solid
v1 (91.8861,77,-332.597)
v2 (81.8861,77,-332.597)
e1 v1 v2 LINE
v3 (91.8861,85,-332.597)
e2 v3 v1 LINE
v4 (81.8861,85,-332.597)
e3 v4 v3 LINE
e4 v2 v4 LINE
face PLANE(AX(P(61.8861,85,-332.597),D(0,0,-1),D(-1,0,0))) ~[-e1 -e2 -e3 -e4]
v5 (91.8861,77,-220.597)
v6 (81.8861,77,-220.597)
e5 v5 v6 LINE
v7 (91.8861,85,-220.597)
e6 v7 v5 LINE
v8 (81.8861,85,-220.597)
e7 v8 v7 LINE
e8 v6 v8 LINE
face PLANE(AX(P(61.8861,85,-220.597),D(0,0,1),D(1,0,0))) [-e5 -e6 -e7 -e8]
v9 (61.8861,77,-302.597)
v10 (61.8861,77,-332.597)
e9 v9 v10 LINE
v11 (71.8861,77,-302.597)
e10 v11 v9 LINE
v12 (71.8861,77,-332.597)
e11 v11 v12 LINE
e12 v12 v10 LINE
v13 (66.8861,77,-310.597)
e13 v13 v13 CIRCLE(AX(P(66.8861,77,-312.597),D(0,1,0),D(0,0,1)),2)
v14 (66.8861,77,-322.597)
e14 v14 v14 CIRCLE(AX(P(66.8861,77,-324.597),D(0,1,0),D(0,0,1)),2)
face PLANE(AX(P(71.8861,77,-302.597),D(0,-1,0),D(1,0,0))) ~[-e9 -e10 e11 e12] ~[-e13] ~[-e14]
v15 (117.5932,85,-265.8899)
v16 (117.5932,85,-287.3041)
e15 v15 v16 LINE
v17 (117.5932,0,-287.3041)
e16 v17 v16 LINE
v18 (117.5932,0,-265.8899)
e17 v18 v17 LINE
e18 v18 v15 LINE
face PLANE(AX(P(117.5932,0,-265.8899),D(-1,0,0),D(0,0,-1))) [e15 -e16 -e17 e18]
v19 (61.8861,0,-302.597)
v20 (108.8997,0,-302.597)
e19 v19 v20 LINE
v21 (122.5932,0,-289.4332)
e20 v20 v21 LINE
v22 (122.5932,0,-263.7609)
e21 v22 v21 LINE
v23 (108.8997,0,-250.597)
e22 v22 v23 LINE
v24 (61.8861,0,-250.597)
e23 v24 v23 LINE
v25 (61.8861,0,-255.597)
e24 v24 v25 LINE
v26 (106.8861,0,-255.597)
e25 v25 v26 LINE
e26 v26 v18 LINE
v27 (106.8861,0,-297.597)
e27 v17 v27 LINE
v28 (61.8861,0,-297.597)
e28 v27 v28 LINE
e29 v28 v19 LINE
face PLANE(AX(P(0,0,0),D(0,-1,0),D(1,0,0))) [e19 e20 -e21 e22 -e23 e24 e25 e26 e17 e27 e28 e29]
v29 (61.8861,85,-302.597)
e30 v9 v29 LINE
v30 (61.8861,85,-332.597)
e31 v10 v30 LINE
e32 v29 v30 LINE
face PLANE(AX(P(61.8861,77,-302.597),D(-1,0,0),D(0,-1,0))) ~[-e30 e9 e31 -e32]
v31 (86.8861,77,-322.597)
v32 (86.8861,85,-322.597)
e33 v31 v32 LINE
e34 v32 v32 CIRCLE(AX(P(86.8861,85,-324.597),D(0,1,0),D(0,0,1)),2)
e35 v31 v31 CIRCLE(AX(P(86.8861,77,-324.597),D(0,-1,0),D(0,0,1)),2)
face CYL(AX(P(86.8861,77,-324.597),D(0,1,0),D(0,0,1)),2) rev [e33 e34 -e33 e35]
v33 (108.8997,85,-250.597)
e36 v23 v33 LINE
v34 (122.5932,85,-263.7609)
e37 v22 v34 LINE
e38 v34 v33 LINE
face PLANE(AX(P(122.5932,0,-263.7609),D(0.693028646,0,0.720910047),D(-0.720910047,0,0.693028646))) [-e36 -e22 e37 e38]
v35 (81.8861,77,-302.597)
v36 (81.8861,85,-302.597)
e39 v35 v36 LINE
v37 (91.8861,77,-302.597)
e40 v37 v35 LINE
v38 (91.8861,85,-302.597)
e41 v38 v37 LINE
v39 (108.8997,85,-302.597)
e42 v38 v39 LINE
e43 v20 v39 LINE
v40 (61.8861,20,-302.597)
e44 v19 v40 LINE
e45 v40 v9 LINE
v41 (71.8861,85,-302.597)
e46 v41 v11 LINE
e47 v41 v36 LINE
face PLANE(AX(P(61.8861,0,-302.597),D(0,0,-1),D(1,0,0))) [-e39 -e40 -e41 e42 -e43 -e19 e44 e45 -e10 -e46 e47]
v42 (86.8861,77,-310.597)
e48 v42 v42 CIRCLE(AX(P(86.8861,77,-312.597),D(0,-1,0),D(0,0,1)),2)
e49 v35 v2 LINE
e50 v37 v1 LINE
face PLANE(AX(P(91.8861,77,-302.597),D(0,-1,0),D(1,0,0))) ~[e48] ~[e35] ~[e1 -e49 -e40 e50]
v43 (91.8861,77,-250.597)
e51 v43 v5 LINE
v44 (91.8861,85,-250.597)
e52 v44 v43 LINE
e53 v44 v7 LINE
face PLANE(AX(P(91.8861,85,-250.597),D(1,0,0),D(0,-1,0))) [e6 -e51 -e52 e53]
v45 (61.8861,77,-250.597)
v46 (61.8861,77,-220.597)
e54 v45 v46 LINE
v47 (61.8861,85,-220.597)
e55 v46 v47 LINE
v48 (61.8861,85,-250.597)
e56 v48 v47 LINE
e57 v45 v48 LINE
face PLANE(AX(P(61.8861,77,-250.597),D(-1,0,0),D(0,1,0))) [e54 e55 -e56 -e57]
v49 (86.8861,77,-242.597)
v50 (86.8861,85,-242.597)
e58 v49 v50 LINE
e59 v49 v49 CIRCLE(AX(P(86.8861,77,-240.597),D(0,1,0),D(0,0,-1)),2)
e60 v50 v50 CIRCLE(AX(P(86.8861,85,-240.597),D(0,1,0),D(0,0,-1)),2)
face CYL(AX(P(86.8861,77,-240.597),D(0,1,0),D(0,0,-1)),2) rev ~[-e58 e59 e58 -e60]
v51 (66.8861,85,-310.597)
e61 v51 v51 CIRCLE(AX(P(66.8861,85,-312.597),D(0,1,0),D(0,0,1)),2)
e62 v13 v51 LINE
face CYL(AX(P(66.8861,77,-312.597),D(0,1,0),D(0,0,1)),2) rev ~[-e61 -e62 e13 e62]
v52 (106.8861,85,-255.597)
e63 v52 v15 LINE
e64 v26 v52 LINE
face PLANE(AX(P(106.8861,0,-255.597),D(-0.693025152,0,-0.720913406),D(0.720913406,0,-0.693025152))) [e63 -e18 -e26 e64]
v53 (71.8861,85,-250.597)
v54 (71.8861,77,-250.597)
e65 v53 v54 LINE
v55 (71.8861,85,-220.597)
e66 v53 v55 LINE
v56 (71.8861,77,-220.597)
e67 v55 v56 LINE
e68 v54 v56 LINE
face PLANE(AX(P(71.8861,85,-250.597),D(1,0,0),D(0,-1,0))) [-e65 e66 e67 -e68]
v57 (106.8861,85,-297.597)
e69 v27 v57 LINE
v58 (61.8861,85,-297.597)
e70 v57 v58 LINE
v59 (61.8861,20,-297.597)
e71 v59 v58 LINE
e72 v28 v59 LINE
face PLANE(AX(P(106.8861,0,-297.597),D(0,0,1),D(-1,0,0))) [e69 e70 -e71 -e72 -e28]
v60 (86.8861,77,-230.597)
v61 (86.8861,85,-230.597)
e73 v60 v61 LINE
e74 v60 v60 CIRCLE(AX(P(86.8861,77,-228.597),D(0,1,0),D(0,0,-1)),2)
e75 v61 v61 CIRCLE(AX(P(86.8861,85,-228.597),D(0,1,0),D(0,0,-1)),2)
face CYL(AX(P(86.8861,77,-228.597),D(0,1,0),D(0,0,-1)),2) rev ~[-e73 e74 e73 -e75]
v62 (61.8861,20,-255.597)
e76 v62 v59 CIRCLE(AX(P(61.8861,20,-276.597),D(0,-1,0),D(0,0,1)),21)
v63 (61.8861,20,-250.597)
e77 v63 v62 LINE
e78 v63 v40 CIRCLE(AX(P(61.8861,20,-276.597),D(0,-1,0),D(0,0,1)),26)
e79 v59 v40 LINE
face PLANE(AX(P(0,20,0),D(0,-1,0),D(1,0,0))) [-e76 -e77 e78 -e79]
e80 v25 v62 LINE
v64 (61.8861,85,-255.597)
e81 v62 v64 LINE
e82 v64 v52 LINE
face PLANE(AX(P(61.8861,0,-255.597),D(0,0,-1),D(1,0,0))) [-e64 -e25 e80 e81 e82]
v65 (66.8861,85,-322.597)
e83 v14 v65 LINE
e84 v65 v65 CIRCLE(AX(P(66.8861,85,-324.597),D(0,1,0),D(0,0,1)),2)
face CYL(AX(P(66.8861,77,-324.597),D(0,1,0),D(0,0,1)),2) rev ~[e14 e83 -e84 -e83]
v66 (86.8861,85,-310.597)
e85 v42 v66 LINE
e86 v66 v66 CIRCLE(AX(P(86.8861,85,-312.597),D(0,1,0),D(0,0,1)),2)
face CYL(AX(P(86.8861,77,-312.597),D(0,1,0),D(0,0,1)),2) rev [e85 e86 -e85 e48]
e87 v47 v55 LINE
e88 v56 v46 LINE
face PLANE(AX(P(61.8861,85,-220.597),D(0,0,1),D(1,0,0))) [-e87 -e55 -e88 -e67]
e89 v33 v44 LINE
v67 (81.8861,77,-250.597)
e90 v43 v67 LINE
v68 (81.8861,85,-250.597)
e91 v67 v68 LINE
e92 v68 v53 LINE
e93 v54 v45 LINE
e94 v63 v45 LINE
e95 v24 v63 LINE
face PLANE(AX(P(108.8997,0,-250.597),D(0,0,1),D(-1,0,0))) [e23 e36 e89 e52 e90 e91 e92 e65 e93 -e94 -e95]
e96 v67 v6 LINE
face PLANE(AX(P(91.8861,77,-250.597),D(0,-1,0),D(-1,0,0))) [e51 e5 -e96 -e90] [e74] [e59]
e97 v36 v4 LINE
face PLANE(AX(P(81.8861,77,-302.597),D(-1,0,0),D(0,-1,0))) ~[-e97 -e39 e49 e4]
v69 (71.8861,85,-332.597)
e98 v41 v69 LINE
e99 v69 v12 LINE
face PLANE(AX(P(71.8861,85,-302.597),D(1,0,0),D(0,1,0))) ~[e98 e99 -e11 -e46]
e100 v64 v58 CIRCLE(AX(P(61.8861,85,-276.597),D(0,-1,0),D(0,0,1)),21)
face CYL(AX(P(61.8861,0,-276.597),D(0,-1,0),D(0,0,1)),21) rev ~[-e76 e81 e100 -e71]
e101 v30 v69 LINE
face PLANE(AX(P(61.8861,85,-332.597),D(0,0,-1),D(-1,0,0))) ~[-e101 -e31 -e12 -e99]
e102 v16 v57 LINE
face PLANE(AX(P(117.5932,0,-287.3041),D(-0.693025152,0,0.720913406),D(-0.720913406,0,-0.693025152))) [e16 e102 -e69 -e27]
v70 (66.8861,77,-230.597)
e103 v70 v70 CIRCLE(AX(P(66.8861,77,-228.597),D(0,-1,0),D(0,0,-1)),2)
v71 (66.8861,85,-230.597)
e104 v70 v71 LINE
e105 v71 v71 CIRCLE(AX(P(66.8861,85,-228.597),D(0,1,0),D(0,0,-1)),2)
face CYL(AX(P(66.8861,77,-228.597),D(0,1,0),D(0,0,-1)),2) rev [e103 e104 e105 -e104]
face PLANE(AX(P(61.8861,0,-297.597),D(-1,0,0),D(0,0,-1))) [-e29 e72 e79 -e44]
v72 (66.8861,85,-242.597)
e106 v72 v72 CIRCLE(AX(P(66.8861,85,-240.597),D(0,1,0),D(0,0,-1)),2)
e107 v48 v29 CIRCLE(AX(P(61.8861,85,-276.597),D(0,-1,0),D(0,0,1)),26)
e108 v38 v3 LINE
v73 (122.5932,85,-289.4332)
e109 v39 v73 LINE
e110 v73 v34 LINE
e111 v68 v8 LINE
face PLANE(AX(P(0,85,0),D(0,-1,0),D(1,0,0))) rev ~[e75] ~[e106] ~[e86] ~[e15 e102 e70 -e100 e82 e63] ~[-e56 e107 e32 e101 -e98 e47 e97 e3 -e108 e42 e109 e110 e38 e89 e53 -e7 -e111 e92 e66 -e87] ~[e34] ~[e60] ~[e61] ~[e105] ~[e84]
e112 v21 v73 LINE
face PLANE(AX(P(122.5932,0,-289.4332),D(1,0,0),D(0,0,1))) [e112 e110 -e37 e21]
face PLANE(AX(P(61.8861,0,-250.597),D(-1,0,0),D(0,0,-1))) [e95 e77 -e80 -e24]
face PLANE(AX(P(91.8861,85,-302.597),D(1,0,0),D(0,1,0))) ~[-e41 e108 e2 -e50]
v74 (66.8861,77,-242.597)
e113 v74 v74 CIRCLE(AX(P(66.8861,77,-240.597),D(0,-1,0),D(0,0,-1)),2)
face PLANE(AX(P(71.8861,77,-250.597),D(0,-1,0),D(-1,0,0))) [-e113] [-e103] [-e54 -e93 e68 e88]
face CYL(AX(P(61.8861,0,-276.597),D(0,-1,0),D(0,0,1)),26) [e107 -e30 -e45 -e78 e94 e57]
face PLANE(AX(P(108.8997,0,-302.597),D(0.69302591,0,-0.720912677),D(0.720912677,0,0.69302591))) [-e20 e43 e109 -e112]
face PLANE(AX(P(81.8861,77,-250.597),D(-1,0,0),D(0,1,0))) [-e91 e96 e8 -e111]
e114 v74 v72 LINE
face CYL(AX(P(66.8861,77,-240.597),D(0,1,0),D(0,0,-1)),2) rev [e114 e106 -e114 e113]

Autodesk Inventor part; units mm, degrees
ref_plane "YZ Plane" through (0, 0, 0) normal (1, 0, 0) x (0, 1, 0)
ref_plane "XZ Plane" through (0, 0, 0) normal (0, 1, 0) x (-1, 0, 0)
ref_plane "XY Plane" through (0, 0, 0) normal (0, 0, 1) x (1, 0, 0)
sketch "Esquisse1" plane through (0, 0, 0) normal (0, 1, 0) x (-1, 0, 0)
  line L0 (-61.8861, -256.597) -> (-116.8861, -256.597)
  line L1 (-116.8861, -256.597) -> (-116.8861, -296.597)
  line L2 (-116.8861, -296.597) -> (-61.8861, -296.597)
  arc A0 (-61.8861, -296.597) -> (-61.8861, -256.597) centre (-61.8861, -276.597) ccw
  dimension "d1" = 40
  dimension "d2" = 55
  dimension "d3" = 55
extrude "Extrusion1" add sketch "Esquisse1" along normal blind 10
sketch "Esquisse3" plane through (0, 0, 0) normal (0, -1, 0) x (1, 0, 0)
  line L0 (89.3861, -269.097) -> (104.3861, -269.097)
  line L1 (104.3861, -269.097) -> (104.3861, -284.097)
  line L2 (104.3861, -284.097) -> (89.3861, -284.097)
  line L3 (89.3861, -284.097) -> (89.3861, -269.097)
  line L4 (116.8861, -296.597) -> (61.8861, -296.597) projected
  line L5 (116.8861, -256.597) -> (116.8861, -296.597) projected
  point P0 (0, 0)
  dimension "d19" = 15
  dimension "d20" = 15
  dimension "d21" = 12.5
  dimension "d22" = 12.5
extrude "Extrusion3" add sketch "Esquisse3" along normal blind 15
chamfer "Chanfrein2" distance 4 angle 45 4 edges at (89.3861, -7.5, -284.097) (104.3861, -7.5, -284.097) (89.3861, -7.5, -269.097) (104.3861, -7.5, -269.097)
sketch "Esquisse4" plane through (0, 10, 0) normal (0, 1, 0) x (1, 0, 0)
  line L0 (116.8861, 296.597) -> (61.8861, 296.597) projected
  arc A0 (61.8861, 296.597) -> (61.8861, 256.597) centre (61.8861, 276.597) ccw projected
  circle A1 centre (61.8861, 276.597) radius 19
  point P0 (0, 0)
  dimension "d28" = 1
extrude "Extrusion4" add sketch "Esquisse4" along normal blind 73
chamfer "Chanfrein3" distance 10 angle 45 2 edges at (116.8861, 5, -256.597) (116.8861, 5, -296.597)
sketch "Esquisse5" plane through (0, 10, 0) normal (0, 1, 0) x (1, 0, 0)
  line L0 (61.8861, 256.597) -> (106.8861, 256.597) projected
  line L1 (106.8861, 296.597) -> (61.8861, 296.597) projected
  arc A0 (97.6044, 288.5312) -> (97.6044, 264.6628) centre (93.8861, 276.597) ccw
  circle A1 centre (61.8861, 276.597) radius 19 projected
  line L2 (116.8861, 266.597) -> (116.8861, 286.597) projected
  line L3 (116.8861, 267.597) -> (116.8861, 285.597)
  line L4 (116.8861, 267.597) -> (93.8861, 264.097)
  line L5 (116.8861, 285.597) -> (93.8861, 289.097)
  point P0 (0, 0)
  dimension "d34" = 25
  dimension "d35" = 32
  dimension "d36" = 1
  dimension "d37" = 1
extrude "Extrusion5" add sketch "Esquisse5" along normal blind 110 contours L5 L2 L4 A0
sketch "Esquisse6" plane through (0, 120, 0) normal (0, 1, 0) x (1, 0, 0)
  line L0 (116.8861, 267.597) -> (93.8861, 264.097) projected
  arc A0 (93.8861, 289.097) -> (93.8861, 264.097) centre (93.8861, 276.597) ccw projected
  line L1 (93.8861, 264.097) -> (93.8861, 264.097)
  circle A1 centre (93.8861, 276.597) radius 10
  point P0 (0, 0)
  dimension "d40" = 20
extrude "Extrusion6" add sketch "Esquisse6" along normal blind 22
ref_plane "Plan de construction1" through (61.8861, 0, -276.597) normal (0, 0, -1) x (-1, 0, 0)
sketch "Esquisse7" plane through (61.8861, 0, -276.597) normal (0, 0, -1) x (-1, 0, 0)
  point P0 (61.8861, 0)
sketch "Esquisse8" plane through (0, 0, 0) normal (0, -1, 0) x (1, 0, 0)
  point P0 (0, 0)
sketch "Esquisse9" plane through (0, 0, 0) normal (0, -1, 0) x (1, 0, 0)
  arc A0 (61.8861, -256.597) -> (61.8861, -296.597) centre (61.8861, -276.597) ccw projected
  line L0 (61.8861, -256.597) -> (106.8861, -256.597) projected
  line L1 (106.8861, -256.597) -> (116.8861, -266.597) projected
  line L2 (116.8861, -266.597) -> (116.8861, -286.597) projected
  line L3 (116.8861, -286.597) -> (106.8861, -296.597) projected
  line L4 (106.8861, -296.597) -> (61.8861, -296.597) projected
  line L5 (61.8861, -256.597) -> (106.8861, -256.597) projected
  line L6 (61.8861, -255.597) -> (106.8861, -255.597)
  line L7 (106.8861, -255.597) -> (117.5932, -265.8899)
  line L8 (117.5932, -265.8899) -> (117.5932, -287.3041)
  line L9 (117.5932, -287.3041) -> (106.8861, -297.597)
  line L10 (106.8861, -297.597) -> (61.8861, -297.597)
  arc A1 (61.8861, -255.597) -> (61.8861, -297.597) centre (61.8861, -276.597) ccw
  line L11 (108.8997, -250.597) -> (61.8861, -250.597)
  arc A2 (61.8861, -250.597) -> (61.8861, -302.597) centre (61.8861, -276.597) ccw
  line L12 (61.8861, -302.597) -> (108.8997, -302.597)
  line L13 (108.8997, -302.597) -> (122.5932, -289.4332)
  line L14 (122.5932, -289.4332) -> (122.5932, -263.7609)
  line L15 (122.5932, -263.7609) -> (108.8997, -250.597)
  point P0 (0, 0)
  dimension "d51" = 1
  dimension "d52" = 1
  dimension "d53" = 1
  dimension "d54" = 5
extrude "Extrusion7" add sketch "Esquisse9" against normal blind 85 contours L15 L14 L13 L12 A2 L11
sketch "Esquisse10" plane through (0, 0, 0) normal (0, -1, 0) x (1, 0, 0)
  line L0 (89.3861, -273.097) -> (89.3861, -280.097) projected
  line L1 (104.3861, -280.097) -> (104.3861, -273.097) projected
  line L2 (61.8861, -302.597) -> (108.8997, -302.597) projected
  line L3 (89.3861, -250.597) -> (89.3861, -263.7609)
  line L4 (89.3861, -302.597) -> (79.3861, -302.597)
  line L5 (79.3861, -302.597) -> (79.3861, -250.597)
  line L6 (122.5932, -263.7609) -> (89.3861, -263.7609)
  line L7 (89.3861, -268.7609) -> (122.5932, -268.7609)
  line L8 (122.5932, -289.4332) -> (89.3861, -289.4332)
  line L9 (89.3861, -284.4332) -> (122.5932, -284.4332)
  line L10 (89.3861, -289.4332) -> (89.3861, -302.597)
  line L11 (89.3861, -268.7609) -> (89.3861, -284.4332)
  line L12 (79.3861, -250.597) -> (89.3861, -250.597)
  line L13 (108.8997, -250.597) -> (61.8861, -250.597) projected
  line L14 (122.5932, -263.7609) -> (122.5932, -268.7609)
  line L15 (122.5932, -284.4332) -> (122.5932, -289.4332)
  point P0 (0, 0)
  dimension "d57" = 10
  dimension "d58" = 5
  dimension "d59" = 5
extrude "Extrusion8" add sketch "Esquisse10" along normal blind 15
sketch "Esquisse11" plane through (0, 85, 0) normal (0, 1, 0) x (1, 0, 0)
  line L0 (116.8861, 286.597) -> (114.0499, 289.4332) projected
  line L1 (116.8861, 286.597) -> (116.8861, 266.597)
  line L2 (61.8861, 256.597) -> (106.8861, 256.597) projected
  line L3 (106.8861, 256.597) -> (61.8861, 256.597)
  line L4 (114.0499, 289.4332) -> (106.8861, 296.597) projected
  line L5 (106.8861, 296.597) -> (61.8861, 296.597)
  line L6 (106.8861, 296.597) -> (61.8861, 296.597) projected
  line L7 (61.8861, 296.597) -> (106.8861, 296.597)
  line L8 (106.8861, 296.597) -> (116.8861, 286.597)
  arc A0 (61.8861, 296.597) -> (61.8861, 256.597) centre (61.8861, 276.597) ccw
  line L9 (114.0499, 263.7609) -> (116.8861, 266.597) projected
  line L10 (116.8861, 266.597) -> (106.8861, 256.597)
  point P0 (0, 0)
extrude "Extrusion9" cut sketch "Esquisse11" against normal blind 85 and the other way blind 42.5
sketch "Esquisse12" plane through (93.8861, 127.5, -276.597) normal (0, -1, 0) x (1, 0, 0)
  point P0 (-93.8861, 276.597)
sketch "Esquisse13" plane through (93.8861, 142, -276.597) normal (0, 1, 0) x (1, 0, 0)
  circle A0 centre (0, 0) radius 10.5
  point P0 (-93.8861, -276.597)
  dimension "d66" = 21
extrude "Extrusion10" cut sketch "Esquisse13" against normal blind 85
sketch "Esquisse14" plane through (0, -15, 0) normal (0, -1, 0) x (1, 0, 0)
  line L0 (89.3861, -284.4332) -> (89.3861, -280.097) projected
  line L1 (89.3861, -268.7609) -> (122.5932, -268.7609) projected
  line L2 (89.3861, -284.4332) -> (113.204, -284.4332)
  line L3 (113.204, -284.4332) -> (113.204, -268.7609)
  line L4 (113.204, -268.7609) -> (89.3861, -268.7609)
  line L5 (89.3861, -268.7609) -> (89.3861, -284.4332)
  point P0 (0, 0)
extrude "Extrusion11" cut sketch "Esquisse14" against normal blind 85
sketch "Esquisse17" plane through (61.8861, 85, -250.597) normal (0, 0, 1) x (1, 0, 0)
  line L0 (0, 0) -> (10, 0)
  line L1 (10, 0) -> (10, -8)
  line L2 (10, -8) -> (0, -8)
  line L3 (0, -8) -> (0, 0)
  line L4 (10, 0) -> (20, 0)
  line L5 (0, 0) -> (47.0135, 0) projected
  line L6 (20, 0) -> (30, 0)
  line L7 (30, 0) -> (30, -8)
  line L8 (30, -8) -> (20, -8)
  line L9 (20, -8) -> (20, 0)
  point P0 (-61.8861, -85)
  dimension "d79" = 10
  dimension "d80" = 8
  dimension "d81" = 10
  dimension "d82" = 10
extrude "Extrusion13" add sketch "Esquisse17" along normal blind 30
sketch "Esquisse18" plane through (81.8861, 77, -250.597) normal (0, -1, 0) x (1, 0, 0)
  line L0 (10, 30) -> (0, 30) projected
  point P0 (-81.8861, 250.597)
  point P1 (5, 22)
  point P2 (5, 10)
ref_plane "Plan de construction2" through (76.8861, 77, -250.597) normal (-1, 0, 0) x (0, 0, 1)
hole "Perçage1" at (86.8861, 77, -240.597) at (86.8861, 77, -228.597) direction (0, 1, 0) diameter 4 end through all
mirror "Symétrie1" about plane through (76.8861, 77, -250.597) normal (-1, 0, 0) of "Perçage1"
mirror "Symétrie2" about plane through (61.8861, 0, -276.597) normal (0, 0, -1) of "Extrusion13", "Perçage1", "Symétrie1"
sketch "Esquisse19" plane through (0, 0, 0) normal (0, -1, 0) x (1, 0, 0)
  line L0 (61.8861, -302.597) -> (79.3861, -302.597) projected
  line L1 (61.8861, -302.597) -> (131.8861, -302.597)
  line L2 (131.8861, -302.597) -> (131.8861, -247.7831)
  line L3 (131.8861, -247.7831) -> (61.8861, -247.7831)
  line L4 (61.8861, -247.7831) -> (61.8861, -302.597)
  point P0 (0, 0)
  point P1 (61.8861, -250.597)
  dimension "d95" = 70
extrude "Extrusion14" cut sketch "Esquisse19" along normal blind 15
sketch "Esquisse20" plane through (0, 0, 0) normal (0, -1, 0) x (1, 0, 0)
  line L0 (61.8861, -250.597) -> (61.8861, -220.597) projected
  arc A0 (61.8861, -255.597) -> (61.8861, -297.597) centre (61.8861, -276.597) ccw projected
  line L1 (61.8861, -250.597) -> (61.8861, -255.597)
  line L2 (61.8861, -297.597) -> (61.8861, -303.2676)
  line L3 (61.8861, -302.597) -> (71.8861, -302.597) projected
  arc A1 (61.8861, -250.597) -> (61.8861, -302.597) centre (61.8861, -276.597) ccw
  arc A2 (61.8861, -255.597) -> (61.8861, -297.597) centre (61.8861, -276.597) ccw
  point P0 (0, 0)
extrude "Extrusion15" cut sketch "Esquisse20" against normal blind 20
equation "\"d93\" = Epaisseur"
equation "\"RayonPli\" = Epaisseur"
equation "\"LargeurGrugeage\" = Epaisseur"
equation "\"ProfondeurGrugeage\" = 0.5 * Epaisseur"
equation "\"TailleGrugeage\" = 4 * Epaisseur"
equation "\"RestesMinimum\" = 2 * Epaisseur"
equation "\"Rayondetransition\" = RayonPli"
equation "\"TailleRayonJacobi\" = Epaisseur"
equation "\"TailleJeu\" = Epaisseur"
equation "\"Epaisseur\" = 0.5"
properties part number "actionneur linéaire"
